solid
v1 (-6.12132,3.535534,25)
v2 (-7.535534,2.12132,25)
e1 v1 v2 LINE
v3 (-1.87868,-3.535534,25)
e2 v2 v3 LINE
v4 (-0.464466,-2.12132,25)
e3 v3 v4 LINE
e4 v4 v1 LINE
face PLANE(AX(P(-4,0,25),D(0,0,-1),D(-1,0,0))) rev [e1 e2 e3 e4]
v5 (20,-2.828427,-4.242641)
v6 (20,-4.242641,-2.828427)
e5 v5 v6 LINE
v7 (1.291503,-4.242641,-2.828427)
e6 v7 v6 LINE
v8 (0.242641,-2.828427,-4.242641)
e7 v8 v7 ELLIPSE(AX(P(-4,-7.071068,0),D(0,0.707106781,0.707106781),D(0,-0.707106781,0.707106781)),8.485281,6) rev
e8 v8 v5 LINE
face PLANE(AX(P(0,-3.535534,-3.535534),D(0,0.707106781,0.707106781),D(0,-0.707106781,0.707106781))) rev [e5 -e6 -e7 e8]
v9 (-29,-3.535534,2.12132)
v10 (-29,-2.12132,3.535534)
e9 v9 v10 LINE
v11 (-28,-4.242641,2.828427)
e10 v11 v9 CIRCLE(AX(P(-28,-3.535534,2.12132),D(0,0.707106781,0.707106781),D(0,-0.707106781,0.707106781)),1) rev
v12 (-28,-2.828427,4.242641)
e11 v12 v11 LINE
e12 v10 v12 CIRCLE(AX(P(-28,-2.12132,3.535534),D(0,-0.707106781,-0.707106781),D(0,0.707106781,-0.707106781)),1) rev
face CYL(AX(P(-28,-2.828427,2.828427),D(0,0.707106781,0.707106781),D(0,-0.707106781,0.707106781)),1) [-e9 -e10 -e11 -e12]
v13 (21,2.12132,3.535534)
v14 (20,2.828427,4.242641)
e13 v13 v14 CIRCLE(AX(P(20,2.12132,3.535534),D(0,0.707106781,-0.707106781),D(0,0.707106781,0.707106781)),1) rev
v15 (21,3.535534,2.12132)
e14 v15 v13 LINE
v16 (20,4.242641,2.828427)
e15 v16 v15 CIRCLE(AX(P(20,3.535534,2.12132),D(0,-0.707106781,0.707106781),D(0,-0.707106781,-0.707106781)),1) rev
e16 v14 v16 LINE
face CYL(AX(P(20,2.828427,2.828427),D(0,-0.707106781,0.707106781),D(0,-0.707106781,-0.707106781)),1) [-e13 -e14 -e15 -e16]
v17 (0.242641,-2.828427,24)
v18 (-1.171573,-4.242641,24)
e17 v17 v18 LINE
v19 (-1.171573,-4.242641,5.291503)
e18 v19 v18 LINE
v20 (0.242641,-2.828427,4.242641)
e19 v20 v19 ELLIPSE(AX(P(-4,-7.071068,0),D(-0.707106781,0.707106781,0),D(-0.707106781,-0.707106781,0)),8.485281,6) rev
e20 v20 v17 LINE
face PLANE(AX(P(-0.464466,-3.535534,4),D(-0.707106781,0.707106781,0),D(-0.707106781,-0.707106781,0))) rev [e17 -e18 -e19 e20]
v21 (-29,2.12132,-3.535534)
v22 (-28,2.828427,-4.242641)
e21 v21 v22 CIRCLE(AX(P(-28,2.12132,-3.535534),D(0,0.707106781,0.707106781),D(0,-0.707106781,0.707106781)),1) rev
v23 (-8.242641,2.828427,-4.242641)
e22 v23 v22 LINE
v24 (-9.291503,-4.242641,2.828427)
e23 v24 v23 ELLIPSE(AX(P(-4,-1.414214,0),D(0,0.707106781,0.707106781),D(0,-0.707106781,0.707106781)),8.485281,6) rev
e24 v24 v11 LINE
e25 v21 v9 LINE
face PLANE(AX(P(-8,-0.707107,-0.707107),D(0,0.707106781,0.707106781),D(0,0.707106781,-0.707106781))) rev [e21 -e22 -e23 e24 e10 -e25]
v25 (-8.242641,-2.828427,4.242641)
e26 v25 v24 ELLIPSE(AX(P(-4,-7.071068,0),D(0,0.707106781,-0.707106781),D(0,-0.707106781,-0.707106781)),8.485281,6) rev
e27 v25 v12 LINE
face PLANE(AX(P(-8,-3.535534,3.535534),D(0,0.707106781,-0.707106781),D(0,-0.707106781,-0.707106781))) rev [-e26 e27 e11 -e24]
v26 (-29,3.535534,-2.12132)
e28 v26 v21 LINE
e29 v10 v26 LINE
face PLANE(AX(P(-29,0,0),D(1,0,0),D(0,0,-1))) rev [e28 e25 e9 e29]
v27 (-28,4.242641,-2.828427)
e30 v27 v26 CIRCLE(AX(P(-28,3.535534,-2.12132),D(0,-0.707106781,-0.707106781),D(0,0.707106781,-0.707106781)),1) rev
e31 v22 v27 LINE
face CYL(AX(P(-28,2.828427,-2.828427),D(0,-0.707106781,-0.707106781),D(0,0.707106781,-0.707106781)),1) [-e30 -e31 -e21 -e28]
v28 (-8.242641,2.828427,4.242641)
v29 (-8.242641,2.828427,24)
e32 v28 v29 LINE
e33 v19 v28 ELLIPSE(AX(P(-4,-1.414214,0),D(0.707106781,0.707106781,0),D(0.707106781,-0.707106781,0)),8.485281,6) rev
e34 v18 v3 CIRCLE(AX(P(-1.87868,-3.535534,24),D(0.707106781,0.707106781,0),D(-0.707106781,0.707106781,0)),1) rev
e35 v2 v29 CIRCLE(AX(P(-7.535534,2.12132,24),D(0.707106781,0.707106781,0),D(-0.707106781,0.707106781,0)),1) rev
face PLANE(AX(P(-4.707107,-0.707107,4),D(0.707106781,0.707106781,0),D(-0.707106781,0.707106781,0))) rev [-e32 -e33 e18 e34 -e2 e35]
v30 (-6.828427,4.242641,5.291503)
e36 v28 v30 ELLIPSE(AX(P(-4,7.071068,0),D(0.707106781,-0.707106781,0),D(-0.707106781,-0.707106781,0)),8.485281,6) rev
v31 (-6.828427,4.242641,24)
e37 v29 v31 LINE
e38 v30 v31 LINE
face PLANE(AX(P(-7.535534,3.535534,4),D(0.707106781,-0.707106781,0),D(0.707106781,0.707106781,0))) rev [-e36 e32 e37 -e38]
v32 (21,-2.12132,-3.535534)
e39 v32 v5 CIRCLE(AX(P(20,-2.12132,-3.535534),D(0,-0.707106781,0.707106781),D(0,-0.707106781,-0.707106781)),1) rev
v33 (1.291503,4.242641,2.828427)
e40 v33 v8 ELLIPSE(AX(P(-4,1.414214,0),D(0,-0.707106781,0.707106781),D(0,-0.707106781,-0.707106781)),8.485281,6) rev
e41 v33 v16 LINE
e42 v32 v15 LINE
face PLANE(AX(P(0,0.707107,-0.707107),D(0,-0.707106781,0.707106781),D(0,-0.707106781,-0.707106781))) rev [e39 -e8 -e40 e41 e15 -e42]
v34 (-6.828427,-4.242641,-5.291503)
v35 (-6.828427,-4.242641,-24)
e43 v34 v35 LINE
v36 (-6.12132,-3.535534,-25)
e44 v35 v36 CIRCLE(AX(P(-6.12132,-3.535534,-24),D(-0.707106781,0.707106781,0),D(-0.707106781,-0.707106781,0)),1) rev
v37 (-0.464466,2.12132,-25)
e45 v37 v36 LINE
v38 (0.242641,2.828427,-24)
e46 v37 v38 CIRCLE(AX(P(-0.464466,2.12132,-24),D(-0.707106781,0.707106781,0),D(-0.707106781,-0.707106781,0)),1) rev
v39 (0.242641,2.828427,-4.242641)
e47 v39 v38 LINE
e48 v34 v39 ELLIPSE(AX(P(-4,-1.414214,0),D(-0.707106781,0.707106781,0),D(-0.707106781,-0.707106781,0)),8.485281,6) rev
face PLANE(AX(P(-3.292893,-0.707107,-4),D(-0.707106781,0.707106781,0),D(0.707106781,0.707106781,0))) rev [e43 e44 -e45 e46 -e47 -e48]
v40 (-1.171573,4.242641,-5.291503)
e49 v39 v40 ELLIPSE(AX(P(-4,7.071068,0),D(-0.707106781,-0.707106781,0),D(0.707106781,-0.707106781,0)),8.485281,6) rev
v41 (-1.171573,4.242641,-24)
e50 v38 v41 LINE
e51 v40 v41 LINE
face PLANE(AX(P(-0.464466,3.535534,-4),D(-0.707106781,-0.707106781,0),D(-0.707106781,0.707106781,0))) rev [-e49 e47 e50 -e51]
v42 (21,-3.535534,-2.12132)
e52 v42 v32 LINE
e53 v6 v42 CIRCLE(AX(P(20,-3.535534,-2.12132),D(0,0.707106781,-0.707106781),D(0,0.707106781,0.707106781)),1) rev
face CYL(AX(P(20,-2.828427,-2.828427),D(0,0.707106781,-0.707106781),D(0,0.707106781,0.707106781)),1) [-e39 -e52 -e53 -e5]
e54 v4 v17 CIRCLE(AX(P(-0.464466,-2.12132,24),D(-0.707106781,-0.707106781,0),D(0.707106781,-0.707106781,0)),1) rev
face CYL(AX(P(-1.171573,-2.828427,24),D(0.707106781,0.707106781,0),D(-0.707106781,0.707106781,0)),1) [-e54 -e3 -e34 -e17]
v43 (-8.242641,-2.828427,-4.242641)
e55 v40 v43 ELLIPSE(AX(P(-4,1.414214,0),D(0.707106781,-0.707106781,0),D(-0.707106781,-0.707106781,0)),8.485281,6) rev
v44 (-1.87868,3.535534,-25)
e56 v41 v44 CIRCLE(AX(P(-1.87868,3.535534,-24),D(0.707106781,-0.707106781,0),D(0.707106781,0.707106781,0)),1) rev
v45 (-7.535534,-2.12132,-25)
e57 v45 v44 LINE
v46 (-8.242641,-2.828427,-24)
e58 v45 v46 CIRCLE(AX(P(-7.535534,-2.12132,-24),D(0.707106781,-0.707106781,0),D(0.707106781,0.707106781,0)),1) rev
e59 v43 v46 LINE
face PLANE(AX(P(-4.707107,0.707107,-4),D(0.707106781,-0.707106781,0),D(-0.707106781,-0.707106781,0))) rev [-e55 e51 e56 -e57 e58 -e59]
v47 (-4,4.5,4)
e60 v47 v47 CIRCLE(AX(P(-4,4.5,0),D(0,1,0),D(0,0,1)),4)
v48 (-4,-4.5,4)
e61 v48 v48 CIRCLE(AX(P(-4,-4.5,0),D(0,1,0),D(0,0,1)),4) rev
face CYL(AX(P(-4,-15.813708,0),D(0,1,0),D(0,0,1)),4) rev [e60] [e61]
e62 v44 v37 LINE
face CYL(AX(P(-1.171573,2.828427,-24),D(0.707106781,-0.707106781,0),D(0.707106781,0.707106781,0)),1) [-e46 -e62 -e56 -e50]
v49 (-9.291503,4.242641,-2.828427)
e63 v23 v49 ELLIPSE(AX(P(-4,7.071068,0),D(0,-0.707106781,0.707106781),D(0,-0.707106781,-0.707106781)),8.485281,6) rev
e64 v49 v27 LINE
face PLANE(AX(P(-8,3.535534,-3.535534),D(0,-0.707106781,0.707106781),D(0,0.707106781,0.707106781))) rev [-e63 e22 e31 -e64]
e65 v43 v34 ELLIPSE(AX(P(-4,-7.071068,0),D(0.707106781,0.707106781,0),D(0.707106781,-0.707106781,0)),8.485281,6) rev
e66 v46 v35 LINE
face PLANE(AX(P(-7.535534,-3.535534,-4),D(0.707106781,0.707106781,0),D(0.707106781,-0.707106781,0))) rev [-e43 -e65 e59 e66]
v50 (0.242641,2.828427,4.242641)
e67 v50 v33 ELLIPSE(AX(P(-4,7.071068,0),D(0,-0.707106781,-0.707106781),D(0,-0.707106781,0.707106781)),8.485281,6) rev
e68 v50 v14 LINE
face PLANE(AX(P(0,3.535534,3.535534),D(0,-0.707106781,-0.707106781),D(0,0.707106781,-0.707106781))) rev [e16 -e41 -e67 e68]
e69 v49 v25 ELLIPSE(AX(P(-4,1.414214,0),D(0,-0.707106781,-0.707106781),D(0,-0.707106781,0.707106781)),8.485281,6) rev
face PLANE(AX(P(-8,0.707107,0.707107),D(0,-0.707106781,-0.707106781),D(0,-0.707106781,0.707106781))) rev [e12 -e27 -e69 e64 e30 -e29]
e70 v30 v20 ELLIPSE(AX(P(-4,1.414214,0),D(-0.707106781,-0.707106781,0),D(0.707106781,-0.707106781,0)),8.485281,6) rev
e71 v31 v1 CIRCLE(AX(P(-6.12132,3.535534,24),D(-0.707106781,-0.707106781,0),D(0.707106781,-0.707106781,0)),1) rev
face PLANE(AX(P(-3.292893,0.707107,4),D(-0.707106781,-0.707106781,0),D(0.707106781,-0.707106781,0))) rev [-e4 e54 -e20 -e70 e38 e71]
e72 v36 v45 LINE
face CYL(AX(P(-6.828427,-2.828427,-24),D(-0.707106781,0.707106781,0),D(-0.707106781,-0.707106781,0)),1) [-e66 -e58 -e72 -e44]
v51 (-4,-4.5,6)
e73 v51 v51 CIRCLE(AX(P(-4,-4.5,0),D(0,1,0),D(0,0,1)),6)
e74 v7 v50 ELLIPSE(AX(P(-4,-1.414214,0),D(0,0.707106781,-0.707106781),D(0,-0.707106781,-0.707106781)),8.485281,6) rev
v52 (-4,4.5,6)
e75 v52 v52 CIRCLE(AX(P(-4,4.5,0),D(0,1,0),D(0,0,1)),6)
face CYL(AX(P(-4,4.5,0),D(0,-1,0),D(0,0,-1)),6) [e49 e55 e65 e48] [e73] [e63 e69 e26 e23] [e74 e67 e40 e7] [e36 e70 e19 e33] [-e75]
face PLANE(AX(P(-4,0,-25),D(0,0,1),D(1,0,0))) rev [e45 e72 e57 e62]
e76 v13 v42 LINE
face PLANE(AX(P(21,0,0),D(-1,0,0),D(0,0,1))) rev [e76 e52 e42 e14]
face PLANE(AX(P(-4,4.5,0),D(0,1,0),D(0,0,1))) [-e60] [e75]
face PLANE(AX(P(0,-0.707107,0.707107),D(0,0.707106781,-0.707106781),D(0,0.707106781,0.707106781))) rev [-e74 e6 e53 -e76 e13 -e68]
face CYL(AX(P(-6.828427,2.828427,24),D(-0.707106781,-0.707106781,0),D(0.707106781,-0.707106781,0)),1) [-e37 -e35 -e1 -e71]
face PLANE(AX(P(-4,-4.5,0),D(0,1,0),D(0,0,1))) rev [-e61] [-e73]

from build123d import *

# Parameters (mm, degrees)
CROQUIS3_R              = 6
SALIENTE_EXTRUIR1_DEPTH = 4.5
MATRIZC2_COUNT          = 4
CROQUIS4_R              = 4
CORTAR_EXTRUIR1_DEPTH   = 9
REDONDEO1_R             = 1


with BuildPart() as part:
    # Croquis1 → Recubrir2 section 0
    with BuildSketch(Plane(origin=(0, 0, 0), x_dir=(0, 0, -1), z_dir=(1, 0, 0))):
        Polygon((2.828427125, -4.242640687), (-4.242640687, 2.828427125), (-2.828427125, 4.242640687), (4.242640687, -2.828427125), align=None)
    # Croquis2 → Recubrir2 section 1
    with BuildSketch(Plane(origin=(21, 0, 0), x_dir=(0, 0, -1), z_dir=(1, 0, 0))):
        Polygon((4.242640687, -2.828427125), (-2.828427125, 4.242640687), (-4.242640687, 2.828427125), (2.828427125, -4.242640687), align=None)
    recubrir2 = loft()

    # Croquis3 → Saliente-Extruir1 (add, symmetric)
    with BuildSketch(Plane(origin=(0, 0, 0), x_dir=(1, 0, 0), z_dir=(0, 1, 0))):
        with Locations((-4, 0)):
            Circle(CROQUIS3_R)
    extrude(amount=SALIENTE_EXTRUIR1_DEPTH, both=True)

    # MatrizC2: Recubrir2 ×4 about axis
    matrizc2_axis = Axis((-4, 0, 0), (0, 1, 0))
    for i in range(1, MATRIZC2_COUNT):
        add(recubrir2.rotate(matrizc2_axis, i * 360 / MATRIZC2_COUNT))

    # Croquis4 → Cortar-Extruir1 (cut)
    with BuildSketch(Plane(origin=(0, 4.5, 0), x_dir=(1, 0, 0), z_dir=(0, 1, 0))):
        with Locations((-4, 0)):
            Circle(CROQUIS4_R)
    extrude(amount=-CORTAR_EXTRUIR1_DEPTH, mode=Mode.SUBTRACT)

    # Redondeo1
    redondeo1_edges = [part.edges().sort_by_distance(p)[0] for p in [
        (-7.535533906, 3.535533906, 25),
        (-0.464466094, -3.535533906, 25),
        (-29, -3.535533906, 3.535533906),
        (-29, 3.535533906, -3.535533906),
        (-7.535533906, -3.535533906, -25),
        (-0.464466094, 3.535533906, -25),
        (21, -3.535533906, -3.535533906),
        (21, 3.535533906, 3.535533906),
    ]]
    fillet(redondeo1_edges, radius=REDONDEO1_R)


solid = part.part
